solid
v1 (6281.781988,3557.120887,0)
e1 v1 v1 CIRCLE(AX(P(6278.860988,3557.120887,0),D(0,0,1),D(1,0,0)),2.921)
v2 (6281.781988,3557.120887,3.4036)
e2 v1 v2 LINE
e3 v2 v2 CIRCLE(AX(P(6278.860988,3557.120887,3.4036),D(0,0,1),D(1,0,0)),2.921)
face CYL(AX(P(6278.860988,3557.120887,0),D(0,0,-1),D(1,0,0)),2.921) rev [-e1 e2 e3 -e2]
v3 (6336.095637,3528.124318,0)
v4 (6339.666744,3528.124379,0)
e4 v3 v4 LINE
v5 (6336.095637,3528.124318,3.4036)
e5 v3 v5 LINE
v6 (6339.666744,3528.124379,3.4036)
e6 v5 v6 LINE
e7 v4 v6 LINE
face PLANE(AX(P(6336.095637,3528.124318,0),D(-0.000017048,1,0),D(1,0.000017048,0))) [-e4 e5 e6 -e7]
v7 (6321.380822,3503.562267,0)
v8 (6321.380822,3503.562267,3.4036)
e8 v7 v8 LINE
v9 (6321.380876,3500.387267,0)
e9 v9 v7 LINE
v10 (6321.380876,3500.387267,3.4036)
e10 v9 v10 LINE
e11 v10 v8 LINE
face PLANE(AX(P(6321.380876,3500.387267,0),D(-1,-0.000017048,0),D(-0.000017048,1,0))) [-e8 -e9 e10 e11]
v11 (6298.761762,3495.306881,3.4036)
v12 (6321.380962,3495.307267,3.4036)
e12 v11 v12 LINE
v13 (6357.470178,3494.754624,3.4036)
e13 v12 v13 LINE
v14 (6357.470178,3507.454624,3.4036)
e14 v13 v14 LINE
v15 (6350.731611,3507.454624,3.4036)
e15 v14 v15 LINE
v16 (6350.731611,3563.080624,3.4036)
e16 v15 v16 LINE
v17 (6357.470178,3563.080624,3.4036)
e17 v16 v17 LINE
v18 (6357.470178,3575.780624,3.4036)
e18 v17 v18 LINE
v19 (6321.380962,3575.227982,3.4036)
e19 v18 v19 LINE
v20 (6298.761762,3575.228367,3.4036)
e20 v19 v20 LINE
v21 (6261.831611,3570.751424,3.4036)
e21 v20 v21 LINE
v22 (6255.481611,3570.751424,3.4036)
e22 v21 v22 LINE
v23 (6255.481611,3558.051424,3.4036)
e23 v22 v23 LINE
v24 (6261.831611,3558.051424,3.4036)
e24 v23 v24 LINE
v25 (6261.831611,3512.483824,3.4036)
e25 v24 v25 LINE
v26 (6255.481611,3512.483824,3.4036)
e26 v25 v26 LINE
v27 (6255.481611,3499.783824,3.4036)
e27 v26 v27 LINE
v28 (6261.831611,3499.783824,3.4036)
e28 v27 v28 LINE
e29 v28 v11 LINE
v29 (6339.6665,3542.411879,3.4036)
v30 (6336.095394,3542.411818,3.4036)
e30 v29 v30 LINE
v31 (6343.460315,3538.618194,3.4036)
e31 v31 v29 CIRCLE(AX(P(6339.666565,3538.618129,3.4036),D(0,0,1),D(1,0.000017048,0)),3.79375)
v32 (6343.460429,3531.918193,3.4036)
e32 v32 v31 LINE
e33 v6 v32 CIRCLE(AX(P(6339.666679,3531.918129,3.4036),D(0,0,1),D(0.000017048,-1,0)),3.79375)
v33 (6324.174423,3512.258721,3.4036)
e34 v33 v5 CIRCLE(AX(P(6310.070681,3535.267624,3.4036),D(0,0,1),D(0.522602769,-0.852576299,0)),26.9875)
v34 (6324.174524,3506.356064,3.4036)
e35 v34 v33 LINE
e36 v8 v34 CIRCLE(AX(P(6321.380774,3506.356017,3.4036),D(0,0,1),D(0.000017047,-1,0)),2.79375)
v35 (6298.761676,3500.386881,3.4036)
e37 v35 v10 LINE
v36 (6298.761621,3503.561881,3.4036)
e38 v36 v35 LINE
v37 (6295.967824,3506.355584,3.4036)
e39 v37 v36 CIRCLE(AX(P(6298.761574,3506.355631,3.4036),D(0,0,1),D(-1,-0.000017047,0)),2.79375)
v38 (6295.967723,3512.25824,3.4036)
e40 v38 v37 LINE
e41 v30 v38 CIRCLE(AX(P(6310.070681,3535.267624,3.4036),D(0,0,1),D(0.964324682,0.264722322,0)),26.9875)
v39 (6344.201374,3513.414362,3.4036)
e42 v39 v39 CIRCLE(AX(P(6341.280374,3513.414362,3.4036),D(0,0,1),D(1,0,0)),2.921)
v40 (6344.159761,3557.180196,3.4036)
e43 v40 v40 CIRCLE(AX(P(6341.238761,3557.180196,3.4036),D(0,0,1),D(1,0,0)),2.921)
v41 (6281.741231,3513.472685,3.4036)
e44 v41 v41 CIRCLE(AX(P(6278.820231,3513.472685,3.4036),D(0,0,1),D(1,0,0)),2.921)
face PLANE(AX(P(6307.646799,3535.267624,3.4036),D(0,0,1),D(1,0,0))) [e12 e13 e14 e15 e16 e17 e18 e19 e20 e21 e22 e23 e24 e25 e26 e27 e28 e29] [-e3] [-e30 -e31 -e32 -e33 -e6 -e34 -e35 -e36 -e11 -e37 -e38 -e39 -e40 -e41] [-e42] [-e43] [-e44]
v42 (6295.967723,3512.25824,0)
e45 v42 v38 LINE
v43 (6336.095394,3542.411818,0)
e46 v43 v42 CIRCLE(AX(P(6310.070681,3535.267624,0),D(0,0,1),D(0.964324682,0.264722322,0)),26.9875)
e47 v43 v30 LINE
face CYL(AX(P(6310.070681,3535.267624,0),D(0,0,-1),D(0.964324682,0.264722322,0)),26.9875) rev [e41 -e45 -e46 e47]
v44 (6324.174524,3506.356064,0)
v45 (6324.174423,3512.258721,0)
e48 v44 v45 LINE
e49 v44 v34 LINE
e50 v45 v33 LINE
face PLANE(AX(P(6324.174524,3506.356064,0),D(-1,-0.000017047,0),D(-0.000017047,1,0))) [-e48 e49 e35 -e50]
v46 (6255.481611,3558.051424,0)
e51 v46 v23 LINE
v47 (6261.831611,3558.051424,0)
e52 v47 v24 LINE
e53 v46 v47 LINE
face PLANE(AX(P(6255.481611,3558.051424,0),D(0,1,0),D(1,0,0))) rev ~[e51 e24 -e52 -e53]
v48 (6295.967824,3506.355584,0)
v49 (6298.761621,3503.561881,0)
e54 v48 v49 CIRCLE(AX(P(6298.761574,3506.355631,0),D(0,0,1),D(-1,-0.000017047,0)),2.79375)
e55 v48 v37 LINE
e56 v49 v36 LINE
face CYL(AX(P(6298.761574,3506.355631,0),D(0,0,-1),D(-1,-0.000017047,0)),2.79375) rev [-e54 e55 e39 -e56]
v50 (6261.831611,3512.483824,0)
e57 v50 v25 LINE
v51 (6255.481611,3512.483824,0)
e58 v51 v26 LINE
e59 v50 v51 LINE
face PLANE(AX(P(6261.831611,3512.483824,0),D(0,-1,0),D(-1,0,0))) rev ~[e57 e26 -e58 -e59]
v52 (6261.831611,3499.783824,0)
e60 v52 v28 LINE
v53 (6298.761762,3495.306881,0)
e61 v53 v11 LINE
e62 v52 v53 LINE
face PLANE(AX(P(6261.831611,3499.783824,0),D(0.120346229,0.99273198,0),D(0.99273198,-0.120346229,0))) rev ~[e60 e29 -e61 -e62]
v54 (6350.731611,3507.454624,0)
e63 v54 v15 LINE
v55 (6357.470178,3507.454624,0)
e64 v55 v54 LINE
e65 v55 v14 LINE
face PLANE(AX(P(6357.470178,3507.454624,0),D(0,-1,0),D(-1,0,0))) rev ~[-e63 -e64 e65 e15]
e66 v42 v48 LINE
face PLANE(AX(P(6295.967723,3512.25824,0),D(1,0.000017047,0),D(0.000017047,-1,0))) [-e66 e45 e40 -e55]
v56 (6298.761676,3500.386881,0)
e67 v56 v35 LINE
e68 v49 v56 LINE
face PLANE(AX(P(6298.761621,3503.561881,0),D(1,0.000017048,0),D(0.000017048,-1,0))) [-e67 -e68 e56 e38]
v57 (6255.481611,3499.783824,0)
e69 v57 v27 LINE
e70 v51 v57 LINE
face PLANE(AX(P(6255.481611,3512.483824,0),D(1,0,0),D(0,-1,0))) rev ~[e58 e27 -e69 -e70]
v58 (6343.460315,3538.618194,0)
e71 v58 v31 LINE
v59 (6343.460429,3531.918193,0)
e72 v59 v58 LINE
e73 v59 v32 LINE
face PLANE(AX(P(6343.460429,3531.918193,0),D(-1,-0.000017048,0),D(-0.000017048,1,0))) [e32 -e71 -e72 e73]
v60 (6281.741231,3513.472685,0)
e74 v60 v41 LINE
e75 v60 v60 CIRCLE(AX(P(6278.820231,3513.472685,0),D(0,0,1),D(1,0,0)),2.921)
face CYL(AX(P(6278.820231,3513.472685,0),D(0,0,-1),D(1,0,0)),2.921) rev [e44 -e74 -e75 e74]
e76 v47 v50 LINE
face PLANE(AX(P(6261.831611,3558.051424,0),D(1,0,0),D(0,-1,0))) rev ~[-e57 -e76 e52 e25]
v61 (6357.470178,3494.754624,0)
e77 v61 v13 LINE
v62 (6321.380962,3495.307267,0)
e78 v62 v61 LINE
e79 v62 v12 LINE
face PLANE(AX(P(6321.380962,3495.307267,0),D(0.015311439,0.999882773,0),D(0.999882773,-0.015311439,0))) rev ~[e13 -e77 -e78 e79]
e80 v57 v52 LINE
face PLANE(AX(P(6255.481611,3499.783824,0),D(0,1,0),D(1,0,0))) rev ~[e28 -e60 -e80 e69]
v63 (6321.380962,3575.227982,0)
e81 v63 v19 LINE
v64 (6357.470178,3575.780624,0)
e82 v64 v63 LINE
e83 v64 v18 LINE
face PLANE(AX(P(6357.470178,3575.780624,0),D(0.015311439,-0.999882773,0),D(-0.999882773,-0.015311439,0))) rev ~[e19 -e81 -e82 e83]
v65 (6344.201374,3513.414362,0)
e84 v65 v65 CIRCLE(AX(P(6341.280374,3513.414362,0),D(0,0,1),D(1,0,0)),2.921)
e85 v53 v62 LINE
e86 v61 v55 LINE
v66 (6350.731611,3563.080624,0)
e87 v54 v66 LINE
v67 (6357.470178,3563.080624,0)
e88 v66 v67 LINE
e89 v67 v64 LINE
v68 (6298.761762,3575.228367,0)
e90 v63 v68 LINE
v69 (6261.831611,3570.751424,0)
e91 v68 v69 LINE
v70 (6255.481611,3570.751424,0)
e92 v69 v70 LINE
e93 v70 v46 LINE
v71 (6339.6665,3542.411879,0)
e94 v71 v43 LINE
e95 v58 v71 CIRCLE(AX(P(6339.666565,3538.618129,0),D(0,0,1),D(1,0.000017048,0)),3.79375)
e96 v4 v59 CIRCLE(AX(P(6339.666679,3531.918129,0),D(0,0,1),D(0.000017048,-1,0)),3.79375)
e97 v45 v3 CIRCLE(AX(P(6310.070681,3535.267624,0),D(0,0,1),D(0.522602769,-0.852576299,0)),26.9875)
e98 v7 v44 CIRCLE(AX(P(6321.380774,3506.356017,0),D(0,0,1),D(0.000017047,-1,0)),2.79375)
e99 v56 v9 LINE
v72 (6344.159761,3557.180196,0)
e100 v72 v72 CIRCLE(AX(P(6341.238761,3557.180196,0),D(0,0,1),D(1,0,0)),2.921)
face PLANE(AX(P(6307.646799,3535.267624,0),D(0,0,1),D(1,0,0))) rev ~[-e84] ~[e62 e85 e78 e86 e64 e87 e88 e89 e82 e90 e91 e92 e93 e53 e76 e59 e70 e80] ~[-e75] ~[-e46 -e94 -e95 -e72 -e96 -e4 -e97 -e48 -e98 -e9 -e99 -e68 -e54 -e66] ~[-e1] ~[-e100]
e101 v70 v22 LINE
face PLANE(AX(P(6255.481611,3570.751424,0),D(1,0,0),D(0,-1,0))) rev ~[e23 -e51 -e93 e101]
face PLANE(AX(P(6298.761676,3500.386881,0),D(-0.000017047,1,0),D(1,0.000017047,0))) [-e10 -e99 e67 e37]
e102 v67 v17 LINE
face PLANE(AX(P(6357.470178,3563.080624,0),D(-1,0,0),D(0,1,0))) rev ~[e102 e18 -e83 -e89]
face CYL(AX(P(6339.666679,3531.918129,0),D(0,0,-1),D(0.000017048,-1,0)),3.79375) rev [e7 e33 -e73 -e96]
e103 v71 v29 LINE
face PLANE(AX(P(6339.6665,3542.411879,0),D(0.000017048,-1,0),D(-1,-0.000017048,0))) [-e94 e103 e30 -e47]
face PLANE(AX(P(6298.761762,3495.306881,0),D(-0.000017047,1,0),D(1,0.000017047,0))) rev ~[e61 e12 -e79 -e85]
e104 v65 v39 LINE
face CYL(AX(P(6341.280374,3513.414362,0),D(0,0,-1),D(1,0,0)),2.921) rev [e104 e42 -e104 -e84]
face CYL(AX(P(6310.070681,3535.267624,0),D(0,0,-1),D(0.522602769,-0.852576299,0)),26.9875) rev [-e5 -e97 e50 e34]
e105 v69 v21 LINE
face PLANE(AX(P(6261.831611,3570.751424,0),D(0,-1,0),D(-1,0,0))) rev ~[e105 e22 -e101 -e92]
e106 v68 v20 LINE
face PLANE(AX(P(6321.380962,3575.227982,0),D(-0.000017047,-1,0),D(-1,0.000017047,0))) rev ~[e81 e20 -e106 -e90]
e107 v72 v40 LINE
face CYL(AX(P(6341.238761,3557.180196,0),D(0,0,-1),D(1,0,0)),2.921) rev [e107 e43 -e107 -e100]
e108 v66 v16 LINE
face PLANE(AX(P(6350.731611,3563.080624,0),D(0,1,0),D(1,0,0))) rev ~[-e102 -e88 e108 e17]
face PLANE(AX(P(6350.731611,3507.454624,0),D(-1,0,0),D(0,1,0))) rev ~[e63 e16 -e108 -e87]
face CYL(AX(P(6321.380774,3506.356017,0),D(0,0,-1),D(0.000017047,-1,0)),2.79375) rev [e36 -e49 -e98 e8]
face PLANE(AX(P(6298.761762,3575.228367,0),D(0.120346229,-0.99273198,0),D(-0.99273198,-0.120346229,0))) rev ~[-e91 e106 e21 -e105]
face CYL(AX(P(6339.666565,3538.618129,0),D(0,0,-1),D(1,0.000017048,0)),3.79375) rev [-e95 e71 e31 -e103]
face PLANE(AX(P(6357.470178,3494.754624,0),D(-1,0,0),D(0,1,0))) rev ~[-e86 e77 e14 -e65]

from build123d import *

# Parameters (mm, degrees)
SKETCH1_R           = 2.921000021
BOSS_EXTRUDE1_DEPTH = 3.4036


with BuildPart() as part:
    # Sketch1 → Boss-Extrude1 (new body)
    with BuildSketch(Plane.XY):
        Polygon((6298.761762124, 3495.306881262), (6321.380962278, 3495.307266858), (6357.4701776, 3494.754624258), (6357.4701776, 3507.454624258), (6350.731610594, 3507.454624258), (6350.731610594, 3563.080624258), (6357.4701776, 3563.080624258), (6357.4701776, 3575.780624258), (6321.380962278, 3575.227981658), (6298.761762124, 3575.228367254), (6261.831610594, 3570.751424258), (6255.481610594, 3570.751424258), (6255.481610594, 3558.051424258), (6261.831610594, 3558.051424258), (6261.831610594, 3512.483824258), (6255.481610594, 3512.483824258), (6255.481610594, 3499.783824258), (6261.831610594, 3499.783824258), align=None)
        with Locations((6278.820230754, 3513.47268496)):
            Circle(SKETCH1_R, mode=Mode.SUBTRACT)
        with Locations((6341.280374087, 3513.414361889)):
            Circle(SKETCH1_R, mode=Mode.SUBTRACT)
        with Locations((6341.23876101, 3557.180196157)):
            Circle(SKETCH1_R, mode=Mode.SUBTRACT)
        with Locations((6278.860987901, 3557.120886627)):
            Circle(SKETCH1_R, mode=Mode.SUBTRACT)
        with BuildLine():
            Line((6343.460429176, 3531.918193441), (6343.460314953, 3538.618193502))
            ThreePointArc((6343.460314953, 3538.618193502), (6342.349105565, 3541.300760923), (6339.666500257, 3542.411878844))
            Line((6339.666500257, 3542.411878844), (6336.09539352, 3542.411817963))
            ThreePointArc((6336.09539352, 3542.411817963), (6293.858290099, 3556.842691981), (6295.967723135, 3512.258240403))
            Line((6295.967723135, 3512.258240403), (6295.96782376, 3506.355583647))
            ThreePointArc((6295.96782376, 3506.355583647), (6296.78612787, 3504.380118018), (6298.761621398, 3503.561881261))
            Line((6298.761621398, 3503.561881261), (6298.761675524, 3500.386881261))
            Line((6298.761675524, 3500.386881261), (6321.380875678, 3500.387266857))
            Line((6321.380875678, 3500.387266857), (6321.380821552, 3503.562266857))
            ThreePointArc((6321.380821552, 3503.562266857), (6323.356287182, 3504.380570967), (6324.174523939, 3506.356064496))
            Line((6324.174523939, 3506.356064496), (6324.174423315, 3512.258721235))
            ThreePointArc((6324.174423315, 3512.258721235), (6331.646301452, 3519.055968956), (6336.095637085, 3528.124317864))
            Line((6336.095637085, 3528.124317864), (6339.666743834, 3528.124378745))
            ThreePointArc((6339.666743834, 3528.124378745), (6342.349311255, 3529.235588133), (6343.460429176, 3531.918193441))
        make_face(mode=Mode.SUBTRACT)
    extrude(amount=BOSS_EXTRUDE1_DEPTH)


solid = part.part
